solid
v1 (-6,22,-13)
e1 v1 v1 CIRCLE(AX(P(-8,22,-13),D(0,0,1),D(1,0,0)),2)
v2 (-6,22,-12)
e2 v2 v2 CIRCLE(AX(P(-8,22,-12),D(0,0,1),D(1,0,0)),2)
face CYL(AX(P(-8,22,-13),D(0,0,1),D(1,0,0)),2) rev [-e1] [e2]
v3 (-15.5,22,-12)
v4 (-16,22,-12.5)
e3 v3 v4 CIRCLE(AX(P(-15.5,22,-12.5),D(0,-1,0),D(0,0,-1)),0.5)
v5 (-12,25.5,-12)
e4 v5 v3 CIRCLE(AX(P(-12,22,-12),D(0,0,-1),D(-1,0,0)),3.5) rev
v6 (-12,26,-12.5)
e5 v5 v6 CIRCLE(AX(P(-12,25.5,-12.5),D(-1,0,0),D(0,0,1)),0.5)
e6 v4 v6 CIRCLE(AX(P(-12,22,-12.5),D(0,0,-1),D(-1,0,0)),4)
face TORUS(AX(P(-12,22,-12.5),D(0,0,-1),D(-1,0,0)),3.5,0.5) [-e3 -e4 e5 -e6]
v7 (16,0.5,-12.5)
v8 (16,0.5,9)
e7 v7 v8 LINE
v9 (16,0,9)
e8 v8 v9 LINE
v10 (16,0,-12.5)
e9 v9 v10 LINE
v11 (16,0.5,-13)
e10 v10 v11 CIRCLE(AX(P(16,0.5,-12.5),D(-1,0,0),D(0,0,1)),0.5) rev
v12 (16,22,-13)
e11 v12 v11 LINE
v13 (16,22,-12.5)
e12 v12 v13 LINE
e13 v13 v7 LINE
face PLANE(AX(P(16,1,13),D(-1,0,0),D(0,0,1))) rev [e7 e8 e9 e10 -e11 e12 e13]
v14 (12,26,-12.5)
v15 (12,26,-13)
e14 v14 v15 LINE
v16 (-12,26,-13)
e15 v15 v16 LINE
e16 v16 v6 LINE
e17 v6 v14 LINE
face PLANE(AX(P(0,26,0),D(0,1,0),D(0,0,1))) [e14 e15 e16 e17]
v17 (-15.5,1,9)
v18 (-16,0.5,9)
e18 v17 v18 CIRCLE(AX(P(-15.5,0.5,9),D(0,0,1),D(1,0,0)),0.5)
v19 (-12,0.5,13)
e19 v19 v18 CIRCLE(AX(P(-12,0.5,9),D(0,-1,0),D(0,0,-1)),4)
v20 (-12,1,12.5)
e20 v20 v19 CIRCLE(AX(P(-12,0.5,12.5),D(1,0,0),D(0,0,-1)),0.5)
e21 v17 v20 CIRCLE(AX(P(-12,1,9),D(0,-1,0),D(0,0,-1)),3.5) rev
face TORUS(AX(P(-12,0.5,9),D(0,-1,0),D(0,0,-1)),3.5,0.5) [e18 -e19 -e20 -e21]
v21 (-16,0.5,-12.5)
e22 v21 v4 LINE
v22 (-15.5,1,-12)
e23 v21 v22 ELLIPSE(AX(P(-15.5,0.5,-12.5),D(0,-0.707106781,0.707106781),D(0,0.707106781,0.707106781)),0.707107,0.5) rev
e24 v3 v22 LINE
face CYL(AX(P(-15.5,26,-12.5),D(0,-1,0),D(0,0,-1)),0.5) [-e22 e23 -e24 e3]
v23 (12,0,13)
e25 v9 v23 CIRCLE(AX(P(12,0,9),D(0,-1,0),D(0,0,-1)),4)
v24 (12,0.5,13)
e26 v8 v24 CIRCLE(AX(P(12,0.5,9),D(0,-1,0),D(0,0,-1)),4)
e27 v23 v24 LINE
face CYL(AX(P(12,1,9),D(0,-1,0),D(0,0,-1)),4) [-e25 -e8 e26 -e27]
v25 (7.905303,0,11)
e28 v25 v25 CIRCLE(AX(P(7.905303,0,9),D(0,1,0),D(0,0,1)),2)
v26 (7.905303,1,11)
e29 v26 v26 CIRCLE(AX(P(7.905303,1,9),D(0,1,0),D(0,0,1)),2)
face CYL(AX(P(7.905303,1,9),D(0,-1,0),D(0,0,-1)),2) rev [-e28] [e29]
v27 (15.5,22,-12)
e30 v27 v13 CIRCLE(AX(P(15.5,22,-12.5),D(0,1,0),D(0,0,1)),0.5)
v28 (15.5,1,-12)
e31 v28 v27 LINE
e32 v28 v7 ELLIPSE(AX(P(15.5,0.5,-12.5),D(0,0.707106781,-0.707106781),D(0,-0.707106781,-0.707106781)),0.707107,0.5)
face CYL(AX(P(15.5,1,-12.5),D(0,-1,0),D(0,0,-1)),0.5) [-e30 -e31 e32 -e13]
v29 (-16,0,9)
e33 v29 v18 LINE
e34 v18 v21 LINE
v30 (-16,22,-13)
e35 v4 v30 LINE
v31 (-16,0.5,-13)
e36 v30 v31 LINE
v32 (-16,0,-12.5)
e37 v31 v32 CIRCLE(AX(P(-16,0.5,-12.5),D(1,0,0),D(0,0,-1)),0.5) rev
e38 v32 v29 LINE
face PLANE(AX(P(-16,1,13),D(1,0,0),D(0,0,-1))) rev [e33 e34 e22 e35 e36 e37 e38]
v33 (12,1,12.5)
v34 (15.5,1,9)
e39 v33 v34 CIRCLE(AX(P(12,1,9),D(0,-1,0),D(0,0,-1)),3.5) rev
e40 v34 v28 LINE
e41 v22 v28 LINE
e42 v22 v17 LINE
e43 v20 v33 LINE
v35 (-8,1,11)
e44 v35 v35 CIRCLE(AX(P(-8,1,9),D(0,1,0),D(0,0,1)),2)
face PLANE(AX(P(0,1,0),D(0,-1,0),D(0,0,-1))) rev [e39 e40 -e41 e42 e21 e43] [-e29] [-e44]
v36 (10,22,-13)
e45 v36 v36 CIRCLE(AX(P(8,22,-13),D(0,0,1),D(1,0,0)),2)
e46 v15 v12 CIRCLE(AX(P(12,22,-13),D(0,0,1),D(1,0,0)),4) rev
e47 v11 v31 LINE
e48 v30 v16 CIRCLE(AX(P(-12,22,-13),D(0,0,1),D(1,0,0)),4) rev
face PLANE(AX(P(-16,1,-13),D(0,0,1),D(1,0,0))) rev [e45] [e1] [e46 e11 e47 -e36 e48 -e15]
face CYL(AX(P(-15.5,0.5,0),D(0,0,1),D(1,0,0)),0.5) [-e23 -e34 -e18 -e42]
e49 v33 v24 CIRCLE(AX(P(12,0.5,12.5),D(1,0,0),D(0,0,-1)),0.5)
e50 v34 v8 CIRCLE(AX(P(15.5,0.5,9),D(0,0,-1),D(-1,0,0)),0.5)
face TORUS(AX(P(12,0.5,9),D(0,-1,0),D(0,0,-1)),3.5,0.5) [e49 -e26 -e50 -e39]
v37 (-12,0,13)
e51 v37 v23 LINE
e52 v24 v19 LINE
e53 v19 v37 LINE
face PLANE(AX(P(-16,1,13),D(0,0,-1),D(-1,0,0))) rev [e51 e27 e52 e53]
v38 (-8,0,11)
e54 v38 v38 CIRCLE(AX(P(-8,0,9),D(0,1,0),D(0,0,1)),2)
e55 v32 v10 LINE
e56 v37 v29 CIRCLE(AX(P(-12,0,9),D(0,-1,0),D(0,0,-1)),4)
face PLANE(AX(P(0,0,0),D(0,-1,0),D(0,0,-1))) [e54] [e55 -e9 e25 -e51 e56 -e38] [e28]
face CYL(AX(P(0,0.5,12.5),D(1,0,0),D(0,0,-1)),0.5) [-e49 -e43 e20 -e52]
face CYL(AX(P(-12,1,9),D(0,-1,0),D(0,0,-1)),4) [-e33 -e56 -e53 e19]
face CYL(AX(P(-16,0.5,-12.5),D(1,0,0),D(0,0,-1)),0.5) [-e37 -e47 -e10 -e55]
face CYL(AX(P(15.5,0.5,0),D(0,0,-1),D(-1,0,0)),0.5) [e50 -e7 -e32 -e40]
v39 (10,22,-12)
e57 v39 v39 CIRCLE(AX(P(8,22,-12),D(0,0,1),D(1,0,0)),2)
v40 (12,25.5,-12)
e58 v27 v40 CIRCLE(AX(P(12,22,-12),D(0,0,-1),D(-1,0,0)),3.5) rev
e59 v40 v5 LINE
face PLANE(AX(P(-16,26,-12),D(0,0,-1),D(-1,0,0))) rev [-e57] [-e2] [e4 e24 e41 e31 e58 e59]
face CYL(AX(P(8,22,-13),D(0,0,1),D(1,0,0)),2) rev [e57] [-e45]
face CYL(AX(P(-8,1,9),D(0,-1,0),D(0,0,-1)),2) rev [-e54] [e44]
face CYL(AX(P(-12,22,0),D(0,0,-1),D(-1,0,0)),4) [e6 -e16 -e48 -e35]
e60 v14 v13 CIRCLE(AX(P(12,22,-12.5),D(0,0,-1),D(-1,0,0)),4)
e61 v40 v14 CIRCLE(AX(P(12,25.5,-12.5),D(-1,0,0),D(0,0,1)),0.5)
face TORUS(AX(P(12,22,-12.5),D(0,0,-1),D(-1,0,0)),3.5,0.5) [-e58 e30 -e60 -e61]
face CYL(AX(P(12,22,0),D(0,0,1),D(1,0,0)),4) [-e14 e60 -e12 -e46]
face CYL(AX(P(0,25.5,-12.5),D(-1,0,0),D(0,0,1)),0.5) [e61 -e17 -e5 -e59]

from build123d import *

# Parameters (mm, degrees)
SKETCH1_W           = 32
SKETCH1_H           = 26
SKETCH1_R           = 2
BOSS_EXTRUDE1_DEPTH = 1
FILLET1_R           = 4
FILLET2_R           = 4
SKETCH2_W           = 32
SKETCH2_H           = 1
BOSS_EXTRUDE2_DEPTH = 25
FILLET3_R           = 4
FILLET4_R           = 4
SKETCH3_R           = 2
CUT_EXTRUDE1_DEPTH  = 40.458839314
FILLET5_R           = 0.5
FILLET6_R           = 0.5
FILLET7_R           = 0.5


with BuildPart() as part:
    # Sketch1 → Boss-Extrude1 (new body)
    with BuildSketch(Plane(origin=(0, 0, 0), x_dir=(1, 0, 0), z_dir=(0, 1, 0))):
        Rectangle(SKETCH1_W, SKETCH1_H)
        with Locations(Location((-8, -9, 0), (0, 0, 270))):
            Circle(SKETCH1_R, mode=Mode.SUBTRACT)
        with Locations(Location((7.905303365, -9, 0), (0, 0, 270))):
            Circle(SKETCH1_R, mode=Mode.SUBTRACT)
    extrude(amount=BOSS_EXTRUDE1_DEPTH)

    # Fillet1
    fillet1_edges = [part.edges().sort_by_distance(p)[0] for p in [
        (-16, 0.5, 13),
    ]]
    fillet(fillet1_edges, radius=FILLET1_R)

    # Fillet2
    fillet2_edges = [part.edges().sort_by_distance(p)[0] for p in [
        (16, 0.5, 13),
    ]]
    fillet(fillet2_edges, radius=FILLET2_R)

    # Sketch2 → Boss-Extrude2 (add)
    with BuildSketch(Plane(origin=(0, 1, 0), x_dir=(1, 0, 0), z_dir=(0, 1, 0))):
        with Locations((0, 12.5)):
            Rectangle(SKETCH2_W, SKETCH2_H)
    extrude(amount=BOSS_EXTRUDE2_DEPTH)

    # Fillet3
    fillet3_edges = [part.edges().sort_by_distance(p)[0] for p in [
        (16, 26, -12.5),
    ]]
    fillet(fillet3_edges, radius=FILLET3_R)

    # Fillet4
    fillet4_edges = [part.edges().sort_by_distance(p)[0] for p in [
        (-16, 26, -12.5),
    ]]
    fillet(fillet4_edges, radius=FILLET4_R)

    # Sketch3 → Cut-Extrude1 (cut, through all)
    with BuildSketch(Plane.XY.offset(-12)):
        with Locations((-8, 22)):
            Circle(SKETCH3_R)
        with Locations((8, 22)):
            Circle(SKETCH3_R)
    extrude(amount=-CUT_EXTRUDE1_DEPTH, mode=Mode.SUBTRACT)

    # Fillet5
    fillet5_edges = [part.edges().sort_by_distance(p)[0] for p in [
        (16, 11.5, -12),
        (14.828427125, 24.828427125, -12),
        (0, 26, -12),
        (-16, 11.5, -12),
        (-14.828427125, 24.828427125, -12),
    ]]
    fillet(fillet5_edges, radius=FILLET5_R)

    # Fillet6
    fillet6_edges = [part.edges().sort_by_distance(p)[0] for p in [
        (16, 1, -1.75),
        (14.828427125, 1, 11.828427125),
        (0, 1, 13),
        (-14.828427125, 1, 11.828427125),
        (-16, 1, -1.75),
    ]]
    fillet(fillet6_edges, radius=FILLET6_R)

    # Fillet7
    fillet7_edges = [part.edges().sort_by_distance(p)[0] for p in [
        (0, 0, -13),
    ]]
    fillet(fillet7_edges, radius=FILLET7_R)


solid = part.part
